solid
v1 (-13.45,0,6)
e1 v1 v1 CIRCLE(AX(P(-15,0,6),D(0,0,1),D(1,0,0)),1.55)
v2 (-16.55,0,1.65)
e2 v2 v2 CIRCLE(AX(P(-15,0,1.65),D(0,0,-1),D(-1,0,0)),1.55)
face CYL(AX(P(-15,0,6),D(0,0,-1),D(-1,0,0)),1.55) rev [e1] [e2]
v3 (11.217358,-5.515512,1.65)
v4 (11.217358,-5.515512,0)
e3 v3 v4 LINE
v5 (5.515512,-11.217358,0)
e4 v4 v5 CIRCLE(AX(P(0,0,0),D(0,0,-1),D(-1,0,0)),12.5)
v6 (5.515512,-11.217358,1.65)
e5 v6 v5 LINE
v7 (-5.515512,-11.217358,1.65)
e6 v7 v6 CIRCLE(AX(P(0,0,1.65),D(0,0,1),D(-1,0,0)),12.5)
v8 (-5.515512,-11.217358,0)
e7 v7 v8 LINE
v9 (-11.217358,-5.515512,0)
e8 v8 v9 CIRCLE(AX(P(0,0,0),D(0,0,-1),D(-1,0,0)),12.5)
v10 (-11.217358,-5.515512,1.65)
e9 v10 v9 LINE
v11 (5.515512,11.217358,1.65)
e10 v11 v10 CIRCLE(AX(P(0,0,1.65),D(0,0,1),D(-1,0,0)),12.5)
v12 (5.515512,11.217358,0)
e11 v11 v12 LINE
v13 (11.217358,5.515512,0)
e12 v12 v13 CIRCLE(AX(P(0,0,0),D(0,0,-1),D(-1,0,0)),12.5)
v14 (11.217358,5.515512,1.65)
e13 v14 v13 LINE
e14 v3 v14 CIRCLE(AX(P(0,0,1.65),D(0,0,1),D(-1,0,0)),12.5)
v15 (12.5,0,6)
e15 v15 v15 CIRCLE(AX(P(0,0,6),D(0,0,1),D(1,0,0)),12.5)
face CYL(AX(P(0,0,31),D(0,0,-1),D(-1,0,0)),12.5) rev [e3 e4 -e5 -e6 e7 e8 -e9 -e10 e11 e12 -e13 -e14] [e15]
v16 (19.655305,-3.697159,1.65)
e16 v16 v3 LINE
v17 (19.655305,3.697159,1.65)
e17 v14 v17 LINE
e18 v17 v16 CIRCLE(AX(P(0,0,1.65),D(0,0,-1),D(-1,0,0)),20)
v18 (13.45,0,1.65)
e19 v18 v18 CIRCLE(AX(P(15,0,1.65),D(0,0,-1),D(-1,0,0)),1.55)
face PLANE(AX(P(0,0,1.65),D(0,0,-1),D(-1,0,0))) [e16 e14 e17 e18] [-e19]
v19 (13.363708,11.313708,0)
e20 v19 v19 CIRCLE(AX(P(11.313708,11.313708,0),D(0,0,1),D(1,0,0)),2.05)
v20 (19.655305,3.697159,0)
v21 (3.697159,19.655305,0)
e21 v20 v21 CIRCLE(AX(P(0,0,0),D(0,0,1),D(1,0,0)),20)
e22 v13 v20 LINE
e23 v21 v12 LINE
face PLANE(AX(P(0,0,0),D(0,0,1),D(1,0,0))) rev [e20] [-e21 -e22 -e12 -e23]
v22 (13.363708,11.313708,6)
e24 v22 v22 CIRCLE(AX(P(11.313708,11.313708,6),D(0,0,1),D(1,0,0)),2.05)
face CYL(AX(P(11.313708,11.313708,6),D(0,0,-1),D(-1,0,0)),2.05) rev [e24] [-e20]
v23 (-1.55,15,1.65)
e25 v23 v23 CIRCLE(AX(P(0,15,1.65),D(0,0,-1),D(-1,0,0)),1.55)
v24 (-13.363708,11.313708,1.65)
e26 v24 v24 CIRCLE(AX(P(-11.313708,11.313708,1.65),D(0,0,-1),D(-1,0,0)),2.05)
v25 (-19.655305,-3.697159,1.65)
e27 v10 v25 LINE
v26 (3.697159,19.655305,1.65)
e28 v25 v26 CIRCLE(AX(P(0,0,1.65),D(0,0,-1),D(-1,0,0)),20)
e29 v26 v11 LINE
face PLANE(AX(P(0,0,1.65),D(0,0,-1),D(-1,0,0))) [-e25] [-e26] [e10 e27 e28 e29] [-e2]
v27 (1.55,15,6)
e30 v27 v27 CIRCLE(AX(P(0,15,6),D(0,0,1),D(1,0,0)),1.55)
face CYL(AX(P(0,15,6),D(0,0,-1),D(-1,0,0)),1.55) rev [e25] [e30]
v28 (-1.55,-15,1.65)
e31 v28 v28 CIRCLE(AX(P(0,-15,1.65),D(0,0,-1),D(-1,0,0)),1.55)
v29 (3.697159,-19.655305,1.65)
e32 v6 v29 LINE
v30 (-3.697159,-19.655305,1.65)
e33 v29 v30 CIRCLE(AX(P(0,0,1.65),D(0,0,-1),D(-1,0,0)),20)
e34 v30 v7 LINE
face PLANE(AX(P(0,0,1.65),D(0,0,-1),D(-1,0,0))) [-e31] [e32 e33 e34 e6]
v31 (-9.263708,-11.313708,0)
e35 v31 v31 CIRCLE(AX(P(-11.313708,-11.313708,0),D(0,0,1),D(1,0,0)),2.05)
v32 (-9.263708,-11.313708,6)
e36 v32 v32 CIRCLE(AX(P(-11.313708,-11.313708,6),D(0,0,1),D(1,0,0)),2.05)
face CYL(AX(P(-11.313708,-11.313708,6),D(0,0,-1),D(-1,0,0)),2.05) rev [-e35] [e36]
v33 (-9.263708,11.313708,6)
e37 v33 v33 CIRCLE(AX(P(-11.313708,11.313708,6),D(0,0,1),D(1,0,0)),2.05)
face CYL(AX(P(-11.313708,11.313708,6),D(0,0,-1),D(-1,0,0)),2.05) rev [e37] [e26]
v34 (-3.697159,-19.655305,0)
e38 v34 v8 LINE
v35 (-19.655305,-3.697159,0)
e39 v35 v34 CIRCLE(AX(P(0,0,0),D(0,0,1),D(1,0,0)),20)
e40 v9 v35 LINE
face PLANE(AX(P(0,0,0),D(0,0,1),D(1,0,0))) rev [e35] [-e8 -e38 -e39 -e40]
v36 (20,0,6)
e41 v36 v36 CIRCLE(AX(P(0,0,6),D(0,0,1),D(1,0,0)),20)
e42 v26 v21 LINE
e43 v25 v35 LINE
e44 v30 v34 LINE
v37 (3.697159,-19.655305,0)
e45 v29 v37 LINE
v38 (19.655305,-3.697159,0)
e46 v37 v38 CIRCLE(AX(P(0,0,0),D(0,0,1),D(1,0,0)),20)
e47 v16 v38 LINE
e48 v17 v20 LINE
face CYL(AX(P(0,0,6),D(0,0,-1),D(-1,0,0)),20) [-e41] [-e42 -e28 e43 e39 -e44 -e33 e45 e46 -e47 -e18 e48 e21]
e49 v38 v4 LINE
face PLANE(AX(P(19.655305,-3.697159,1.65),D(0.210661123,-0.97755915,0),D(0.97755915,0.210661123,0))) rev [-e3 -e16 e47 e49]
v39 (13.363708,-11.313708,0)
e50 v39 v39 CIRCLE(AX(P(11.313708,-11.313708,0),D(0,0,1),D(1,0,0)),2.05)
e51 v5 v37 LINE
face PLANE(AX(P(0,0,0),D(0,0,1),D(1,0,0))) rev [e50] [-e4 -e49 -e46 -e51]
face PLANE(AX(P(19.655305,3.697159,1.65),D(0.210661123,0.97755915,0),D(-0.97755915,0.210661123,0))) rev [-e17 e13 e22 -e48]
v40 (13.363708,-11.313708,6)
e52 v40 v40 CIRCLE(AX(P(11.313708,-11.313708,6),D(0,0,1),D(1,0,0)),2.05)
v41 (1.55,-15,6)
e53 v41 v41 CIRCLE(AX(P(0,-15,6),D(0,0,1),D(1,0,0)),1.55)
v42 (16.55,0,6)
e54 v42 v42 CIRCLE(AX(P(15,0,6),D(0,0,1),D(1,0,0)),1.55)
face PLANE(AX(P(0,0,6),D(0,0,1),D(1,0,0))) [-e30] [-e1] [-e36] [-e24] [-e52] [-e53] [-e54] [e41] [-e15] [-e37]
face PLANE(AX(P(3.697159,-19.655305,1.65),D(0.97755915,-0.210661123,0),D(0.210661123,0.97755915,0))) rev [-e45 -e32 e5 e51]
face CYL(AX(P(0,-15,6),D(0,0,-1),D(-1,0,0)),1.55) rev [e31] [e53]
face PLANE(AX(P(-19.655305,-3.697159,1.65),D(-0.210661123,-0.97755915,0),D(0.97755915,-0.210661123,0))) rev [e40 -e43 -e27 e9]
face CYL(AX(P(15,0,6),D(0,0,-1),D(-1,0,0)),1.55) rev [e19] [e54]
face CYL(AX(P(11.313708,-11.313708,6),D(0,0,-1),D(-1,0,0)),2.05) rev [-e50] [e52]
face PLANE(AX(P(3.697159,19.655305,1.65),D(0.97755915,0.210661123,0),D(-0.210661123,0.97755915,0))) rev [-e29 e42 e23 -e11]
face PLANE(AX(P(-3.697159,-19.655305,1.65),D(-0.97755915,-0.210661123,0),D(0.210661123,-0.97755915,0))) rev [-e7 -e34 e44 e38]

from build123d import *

# Parameters (mm, degrees)
SKETCH_1_R          = 20
SKETCH_1_R_2        = 1.55
SKETCH_1_R_3        = 2.05
EXTRUDE_1_DEPTH     = 6
SKETCH_2_R          = 12.5
CUT_EXTRUDE_1_DEPTH = 31
CUT_EXTRUDE_2_DEPTH = 1.65
CUT_EXTRUDE_3_DEPTH = 1.65


with BuildPart() as part:
    # 草图1 → 凸台-拉伸1 (new body)
    with BuildSketch(Plane.XY):
        Circle(SKETCH_1_R)
        with Locations((0, 15)):
            Circle(SKETCH_1_R_2, mode=Mode.SUBTRACT)
        with Locations((15, 0)):
            Circle(SKETCH_1_R_2, mode=Mode.SUBTRACT)
        with Locations((0, -15)):
            Circle(SKETCH_1_R_2, mode=Mode.SUBTRACT)
        with Locations((-15, 0)):
            Circle(SKETCH_1_R_2, mode=Mode.SUBTRACT)
        with Locations((-11.313708499, 11.313708499)):
            Circle(SKETCH_1_R_3, mode=Mode.SUBTRACT)
        with Locations((11.313708499, 11.313708499)):
            Circle(SKETCH_1_R_3, mode=Mode.SUBTRACT)
        with Locations((11.313708499, -11.313708499)):
            Circle(SKETCH_1_R_3, mode=Mode.SUBTRACT)
        with Locations((-11.313708499, -11.313708499)):
            Circle(SKETCH_1_R_3, mode=Mode.SUBTRACT)
    extrude(amount=EXTRUDE_1_DEPTH)

    # 草图2 → 切除-拉伸1 (cut)
    with BuildSketch(Plane(origin=(0, 0, 0), x_dir=(-1, 0, 0), z_dir=(0, 0, -1))):
        Circle(SKETCH_2_R)
    extrude(amount=-CUT_EXTRUDE_1_DEPTH, mode=Mode.SUBTRACT)

    # 草图4 → 切除-拉伸2 (cut)
    with BuildSketch(Plane(origin=(0, 0, 0), x_dir=(-1, 0, 0), z_dir=(0, 0, -1))):
        with BuildLine():
            Line((-3.697159098, 19.655304999), (-5.515511779, 11.217358415))
            ThreePointArc((-5.515511779, 11.217358415), (0, 12.5), (5.515511779, 11.217358415))
            Line((5.515511779, 11.217358415), (3.697159098, 19.655304999))
            ThreePointArc((3.697159098, 19.655304999), (0, 20), (-3.697159098, 19.655304999))
        make_face()
        with BuildLine():
            Line((19.655304999, -3.697159098), (11.217358415, -5.515511779))
            ThreePointArc((11.217358415, -5.515511779), (12.5, 0), (11.217358415, 5.515511779))
            Line((11.217358415, 5.515511779), (19.655304999, 3.697159098))
            ThreePointArc((19.655304999, 3.697159098), (20, 0), (19.655304999, -3.697159098))
        make_face()
        with BuildLine():
            Line((-3.697159098, -19.655304999), (-5.515511779, -11.217358415))
            ThreePointArc((-5.515511779, -11.217358415), (0, -12.5), (5.515511779, -11.217358415))
            Line((5.515511779, -11.217358415), (3.697159098, -19.655304999))
            ThreePointArc((3.697159098, -19.655304999), (0, -20), (-3.697159098, -19.655304999))
        make_face()
        with BuildLine():
            Line((-19.655304999, 3.697159098), (-11.217358415, 5.515511779))
            ThreePointArc((-11.217358415, 5.515511779), (-12.5, 0), (-11.217358415, -5.515511779))
            Line((-11.217358415, -5.515511779), (-19.655304999, -3.697159098))
            ThreePointArc((-19.655304999, -3.697159098), (-20, 0), (-19.655304999, 3.697159098))
        make_face()
    extrude(amount=-CUT_EXTRUDE_2_DEPTH, mode=Mode.SUBTRACT)

    # 草图5 → 切除-拉伸3 (cut)
    with BuildSketch(Plane(origin=(0, 0, 0), x_dir=(-1, 0, 0), z_dir=(0, 0, -1))):
        with BuildLine():
            Line((3.697159098, 19.655304999), (5.515511779, 11.217358415))
            ThreePointArc((5.515511779, 11.217358415), (8.838834765, 8.838834765), (11.217358415, 5.515511779))
            Line((11.217358415, 5.515511779), (19.655304999, 3.697159098))
            ThreePointArc((19.655304999, 3.697159098), (14.142135624, 14.142135624), (3.697159098, 19.655304999))
        make_face()
    extrude(amount=-CUT_EXTRUDE_3_DEPTH, mode=Mode.SUBTRACT)


solid = part.part
